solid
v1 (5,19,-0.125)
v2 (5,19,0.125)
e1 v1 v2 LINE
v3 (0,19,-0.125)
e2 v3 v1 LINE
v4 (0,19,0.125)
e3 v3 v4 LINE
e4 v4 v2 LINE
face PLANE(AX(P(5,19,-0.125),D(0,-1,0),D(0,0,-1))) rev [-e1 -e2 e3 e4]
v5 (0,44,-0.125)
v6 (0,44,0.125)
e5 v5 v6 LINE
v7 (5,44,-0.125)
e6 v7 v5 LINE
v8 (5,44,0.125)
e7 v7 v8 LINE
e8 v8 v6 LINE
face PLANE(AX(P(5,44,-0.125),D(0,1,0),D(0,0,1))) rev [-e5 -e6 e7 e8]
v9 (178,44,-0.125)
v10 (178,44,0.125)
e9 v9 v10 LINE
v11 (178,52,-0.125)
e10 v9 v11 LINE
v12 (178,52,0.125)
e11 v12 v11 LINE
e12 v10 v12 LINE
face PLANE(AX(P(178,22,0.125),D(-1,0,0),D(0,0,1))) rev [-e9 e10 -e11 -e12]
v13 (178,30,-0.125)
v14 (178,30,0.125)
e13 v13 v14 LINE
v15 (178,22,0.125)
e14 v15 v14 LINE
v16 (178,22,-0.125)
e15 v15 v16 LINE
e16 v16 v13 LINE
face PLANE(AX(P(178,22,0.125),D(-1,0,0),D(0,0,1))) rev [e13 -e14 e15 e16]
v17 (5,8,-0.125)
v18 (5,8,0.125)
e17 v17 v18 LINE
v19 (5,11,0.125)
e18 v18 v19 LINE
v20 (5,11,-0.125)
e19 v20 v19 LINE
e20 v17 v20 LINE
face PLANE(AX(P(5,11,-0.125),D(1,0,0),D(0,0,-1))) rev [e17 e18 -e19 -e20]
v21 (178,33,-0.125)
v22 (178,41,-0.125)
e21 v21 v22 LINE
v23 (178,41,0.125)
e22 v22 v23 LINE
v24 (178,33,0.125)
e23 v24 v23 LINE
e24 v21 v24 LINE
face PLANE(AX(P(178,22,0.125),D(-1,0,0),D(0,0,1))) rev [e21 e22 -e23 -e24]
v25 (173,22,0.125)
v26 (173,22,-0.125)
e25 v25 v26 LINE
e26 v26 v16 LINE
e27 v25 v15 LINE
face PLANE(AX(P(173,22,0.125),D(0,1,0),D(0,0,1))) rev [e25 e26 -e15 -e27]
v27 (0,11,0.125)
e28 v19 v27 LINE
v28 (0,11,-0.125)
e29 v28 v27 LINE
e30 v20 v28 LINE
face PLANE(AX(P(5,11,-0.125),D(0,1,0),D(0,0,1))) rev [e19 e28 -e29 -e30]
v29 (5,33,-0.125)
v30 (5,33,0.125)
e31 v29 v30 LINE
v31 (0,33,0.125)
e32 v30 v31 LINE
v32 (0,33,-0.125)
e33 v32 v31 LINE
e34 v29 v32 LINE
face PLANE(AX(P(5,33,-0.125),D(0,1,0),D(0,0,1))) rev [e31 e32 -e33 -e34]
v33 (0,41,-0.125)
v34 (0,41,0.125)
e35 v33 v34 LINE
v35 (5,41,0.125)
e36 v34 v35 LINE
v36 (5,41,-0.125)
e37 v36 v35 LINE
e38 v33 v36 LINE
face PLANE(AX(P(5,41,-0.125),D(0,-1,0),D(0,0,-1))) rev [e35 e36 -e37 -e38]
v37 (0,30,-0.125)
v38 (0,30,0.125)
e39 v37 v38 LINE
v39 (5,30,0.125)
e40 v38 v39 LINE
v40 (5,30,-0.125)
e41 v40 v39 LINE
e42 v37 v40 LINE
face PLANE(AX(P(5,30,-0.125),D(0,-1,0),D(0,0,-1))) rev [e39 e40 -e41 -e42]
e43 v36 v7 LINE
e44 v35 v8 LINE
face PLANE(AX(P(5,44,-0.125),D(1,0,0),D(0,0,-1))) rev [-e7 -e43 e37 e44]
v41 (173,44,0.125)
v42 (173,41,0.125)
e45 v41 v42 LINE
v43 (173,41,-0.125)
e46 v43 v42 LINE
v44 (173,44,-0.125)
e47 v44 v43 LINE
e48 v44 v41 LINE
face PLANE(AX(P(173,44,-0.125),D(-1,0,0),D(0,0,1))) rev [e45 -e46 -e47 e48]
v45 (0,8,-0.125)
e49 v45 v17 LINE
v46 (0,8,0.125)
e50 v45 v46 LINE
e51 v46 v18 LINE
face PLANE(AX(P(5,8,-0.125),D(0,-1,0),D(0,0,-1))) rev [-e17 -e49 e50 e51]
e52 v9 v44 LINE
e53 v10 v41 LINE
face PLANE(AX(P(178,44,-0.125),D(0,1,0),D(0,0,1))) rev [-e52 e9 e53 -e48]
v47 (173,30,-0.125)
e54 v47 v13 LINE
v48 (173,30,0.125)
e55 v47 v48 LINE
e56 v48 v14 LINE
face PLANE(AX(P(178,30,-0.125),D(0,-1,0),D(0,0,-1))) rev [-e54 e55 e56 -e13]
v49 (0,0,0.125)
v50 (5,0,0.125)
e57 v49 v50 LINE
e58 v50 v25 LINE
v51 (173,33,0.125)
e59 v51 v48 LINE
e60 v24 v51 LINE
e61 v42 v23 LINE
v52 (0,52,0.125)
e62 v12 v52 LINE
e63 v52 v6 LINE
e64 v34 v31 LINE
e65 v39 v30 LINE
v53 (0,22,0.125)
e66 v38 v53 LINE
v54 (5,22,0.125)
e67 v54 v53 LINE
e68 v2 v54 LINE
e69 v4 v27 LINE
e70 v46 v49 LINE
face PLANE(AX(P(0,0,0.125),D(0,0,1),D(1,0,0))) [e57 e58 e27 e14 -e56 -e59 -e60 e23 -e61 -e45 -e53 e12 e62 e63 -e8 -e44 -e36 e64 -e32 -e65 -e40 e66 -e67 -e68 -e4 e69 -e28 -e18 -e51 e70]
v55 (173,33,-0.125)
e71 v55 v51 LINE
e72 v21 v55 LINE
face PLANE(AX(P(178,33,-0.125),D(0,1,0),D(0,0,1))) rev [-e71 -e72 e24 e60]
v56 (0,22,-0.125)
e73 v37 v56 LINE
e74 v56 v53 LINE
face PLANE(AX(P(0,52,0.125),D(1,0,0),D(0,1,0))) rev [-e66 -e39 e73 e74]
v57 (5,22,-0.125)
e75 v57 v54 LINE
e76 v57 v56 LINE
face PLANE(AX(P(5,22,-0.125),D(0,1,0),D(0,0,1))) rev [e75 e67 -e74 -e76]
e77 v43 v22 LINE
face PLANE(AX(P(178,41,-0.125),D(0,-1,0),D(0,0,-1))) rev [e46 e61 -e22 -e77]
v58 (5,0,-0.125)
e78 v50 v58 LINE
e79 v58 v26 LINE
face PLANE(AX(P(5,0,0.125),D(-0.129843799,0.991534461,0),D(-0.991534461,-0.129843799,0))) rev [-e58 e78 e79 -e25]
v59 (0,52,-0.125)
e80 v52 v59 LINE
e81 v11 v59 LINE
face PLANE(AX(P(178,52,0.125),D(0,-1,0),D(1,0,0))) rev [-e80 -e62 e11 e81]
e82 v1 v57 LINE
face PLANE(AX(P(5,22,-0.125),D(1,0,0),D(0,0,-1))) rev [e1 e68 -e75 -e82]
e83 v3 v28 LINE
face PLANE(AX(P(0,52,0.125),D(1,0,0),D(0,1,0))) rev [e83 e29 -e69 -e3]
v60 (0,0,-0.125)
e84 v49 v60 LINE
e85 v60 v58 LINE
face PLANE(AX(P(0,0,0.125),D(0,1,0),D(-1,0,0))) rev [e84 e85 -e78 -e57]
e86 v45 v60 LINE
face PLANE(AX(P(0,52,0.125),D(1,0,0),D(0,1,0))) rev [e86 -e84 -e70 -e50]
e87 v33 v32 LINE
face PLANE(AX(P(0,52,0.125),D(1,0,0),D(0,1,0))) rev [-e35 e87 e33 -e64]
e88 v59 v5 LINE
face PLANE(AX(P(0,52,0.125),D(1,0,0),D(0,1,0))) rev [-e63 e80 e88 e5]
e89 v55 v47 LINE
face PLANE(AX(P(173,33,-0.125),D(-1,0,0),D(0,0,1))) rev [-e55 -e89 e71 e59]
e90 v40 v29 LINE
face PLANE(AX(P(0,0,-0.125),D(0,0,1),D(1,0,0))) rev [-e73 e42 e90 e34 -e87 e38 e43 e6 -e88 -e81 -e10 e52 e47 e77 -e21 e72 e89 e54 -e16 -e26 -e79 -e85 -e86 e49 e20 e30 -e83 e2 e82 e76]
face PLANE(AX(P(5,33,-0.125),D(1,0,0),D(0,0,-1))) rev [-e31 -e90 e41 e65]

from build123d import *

# Parameters (mm, degrees)
BOSS_EXTRUDE1_DEPTH  = 0.125
SKETCH4_W            = 5
SKETCH4_H            = 3
CUT_EXTRUDE2_DEPTH   = 186.440185774
LPATTERN3_COUNT      = 4
LPATTERN3_PITCH      = 11
LPATTERN3_COUNT_DIR2 = 2
LPATTERN3_PITCH_DIR2 = 173


with BuildPart() as part:
    # Sketch2 → Boss-Extrude1 (new, symmetric)
    with BuildSketch(Plane.XY):
        Polygon((0, 0), (5, 0), (173, 22), (178, 22), (178, 52), (0, 52), align=None)
    extrude(amount=BOSS_EXTRUDE1_DEPTH, both=True)

    # Sketch4 → Cut-Extrude2 (cut, through all)
    with BuildSketch(Plane.XY.offset(0.125)):
        with Locations((175.5, 42.5)):
            Rectangle(SKETCH4_W, SKETCH4_H)
    cut_extrude2 = extrude(amount=-CUT_EXTRUDE2_DEPTH, mode=Mode.SUBTRACT)

    # LPattern3: Cut-Extrude2 4 × 2
    with Locations(*[(-j * LPATTERN3_PITCH_DIR2, -i * LPATTERN3_PITCH, 0) for i in range(LPATTERN3_COUNT) for j in range(LPATTERN3_COUNT_DIR2) if (i, j) != (0, 0)]):
        add(cut_extrude2, mode=Mode.SUBTRACT)


solid = part.part
